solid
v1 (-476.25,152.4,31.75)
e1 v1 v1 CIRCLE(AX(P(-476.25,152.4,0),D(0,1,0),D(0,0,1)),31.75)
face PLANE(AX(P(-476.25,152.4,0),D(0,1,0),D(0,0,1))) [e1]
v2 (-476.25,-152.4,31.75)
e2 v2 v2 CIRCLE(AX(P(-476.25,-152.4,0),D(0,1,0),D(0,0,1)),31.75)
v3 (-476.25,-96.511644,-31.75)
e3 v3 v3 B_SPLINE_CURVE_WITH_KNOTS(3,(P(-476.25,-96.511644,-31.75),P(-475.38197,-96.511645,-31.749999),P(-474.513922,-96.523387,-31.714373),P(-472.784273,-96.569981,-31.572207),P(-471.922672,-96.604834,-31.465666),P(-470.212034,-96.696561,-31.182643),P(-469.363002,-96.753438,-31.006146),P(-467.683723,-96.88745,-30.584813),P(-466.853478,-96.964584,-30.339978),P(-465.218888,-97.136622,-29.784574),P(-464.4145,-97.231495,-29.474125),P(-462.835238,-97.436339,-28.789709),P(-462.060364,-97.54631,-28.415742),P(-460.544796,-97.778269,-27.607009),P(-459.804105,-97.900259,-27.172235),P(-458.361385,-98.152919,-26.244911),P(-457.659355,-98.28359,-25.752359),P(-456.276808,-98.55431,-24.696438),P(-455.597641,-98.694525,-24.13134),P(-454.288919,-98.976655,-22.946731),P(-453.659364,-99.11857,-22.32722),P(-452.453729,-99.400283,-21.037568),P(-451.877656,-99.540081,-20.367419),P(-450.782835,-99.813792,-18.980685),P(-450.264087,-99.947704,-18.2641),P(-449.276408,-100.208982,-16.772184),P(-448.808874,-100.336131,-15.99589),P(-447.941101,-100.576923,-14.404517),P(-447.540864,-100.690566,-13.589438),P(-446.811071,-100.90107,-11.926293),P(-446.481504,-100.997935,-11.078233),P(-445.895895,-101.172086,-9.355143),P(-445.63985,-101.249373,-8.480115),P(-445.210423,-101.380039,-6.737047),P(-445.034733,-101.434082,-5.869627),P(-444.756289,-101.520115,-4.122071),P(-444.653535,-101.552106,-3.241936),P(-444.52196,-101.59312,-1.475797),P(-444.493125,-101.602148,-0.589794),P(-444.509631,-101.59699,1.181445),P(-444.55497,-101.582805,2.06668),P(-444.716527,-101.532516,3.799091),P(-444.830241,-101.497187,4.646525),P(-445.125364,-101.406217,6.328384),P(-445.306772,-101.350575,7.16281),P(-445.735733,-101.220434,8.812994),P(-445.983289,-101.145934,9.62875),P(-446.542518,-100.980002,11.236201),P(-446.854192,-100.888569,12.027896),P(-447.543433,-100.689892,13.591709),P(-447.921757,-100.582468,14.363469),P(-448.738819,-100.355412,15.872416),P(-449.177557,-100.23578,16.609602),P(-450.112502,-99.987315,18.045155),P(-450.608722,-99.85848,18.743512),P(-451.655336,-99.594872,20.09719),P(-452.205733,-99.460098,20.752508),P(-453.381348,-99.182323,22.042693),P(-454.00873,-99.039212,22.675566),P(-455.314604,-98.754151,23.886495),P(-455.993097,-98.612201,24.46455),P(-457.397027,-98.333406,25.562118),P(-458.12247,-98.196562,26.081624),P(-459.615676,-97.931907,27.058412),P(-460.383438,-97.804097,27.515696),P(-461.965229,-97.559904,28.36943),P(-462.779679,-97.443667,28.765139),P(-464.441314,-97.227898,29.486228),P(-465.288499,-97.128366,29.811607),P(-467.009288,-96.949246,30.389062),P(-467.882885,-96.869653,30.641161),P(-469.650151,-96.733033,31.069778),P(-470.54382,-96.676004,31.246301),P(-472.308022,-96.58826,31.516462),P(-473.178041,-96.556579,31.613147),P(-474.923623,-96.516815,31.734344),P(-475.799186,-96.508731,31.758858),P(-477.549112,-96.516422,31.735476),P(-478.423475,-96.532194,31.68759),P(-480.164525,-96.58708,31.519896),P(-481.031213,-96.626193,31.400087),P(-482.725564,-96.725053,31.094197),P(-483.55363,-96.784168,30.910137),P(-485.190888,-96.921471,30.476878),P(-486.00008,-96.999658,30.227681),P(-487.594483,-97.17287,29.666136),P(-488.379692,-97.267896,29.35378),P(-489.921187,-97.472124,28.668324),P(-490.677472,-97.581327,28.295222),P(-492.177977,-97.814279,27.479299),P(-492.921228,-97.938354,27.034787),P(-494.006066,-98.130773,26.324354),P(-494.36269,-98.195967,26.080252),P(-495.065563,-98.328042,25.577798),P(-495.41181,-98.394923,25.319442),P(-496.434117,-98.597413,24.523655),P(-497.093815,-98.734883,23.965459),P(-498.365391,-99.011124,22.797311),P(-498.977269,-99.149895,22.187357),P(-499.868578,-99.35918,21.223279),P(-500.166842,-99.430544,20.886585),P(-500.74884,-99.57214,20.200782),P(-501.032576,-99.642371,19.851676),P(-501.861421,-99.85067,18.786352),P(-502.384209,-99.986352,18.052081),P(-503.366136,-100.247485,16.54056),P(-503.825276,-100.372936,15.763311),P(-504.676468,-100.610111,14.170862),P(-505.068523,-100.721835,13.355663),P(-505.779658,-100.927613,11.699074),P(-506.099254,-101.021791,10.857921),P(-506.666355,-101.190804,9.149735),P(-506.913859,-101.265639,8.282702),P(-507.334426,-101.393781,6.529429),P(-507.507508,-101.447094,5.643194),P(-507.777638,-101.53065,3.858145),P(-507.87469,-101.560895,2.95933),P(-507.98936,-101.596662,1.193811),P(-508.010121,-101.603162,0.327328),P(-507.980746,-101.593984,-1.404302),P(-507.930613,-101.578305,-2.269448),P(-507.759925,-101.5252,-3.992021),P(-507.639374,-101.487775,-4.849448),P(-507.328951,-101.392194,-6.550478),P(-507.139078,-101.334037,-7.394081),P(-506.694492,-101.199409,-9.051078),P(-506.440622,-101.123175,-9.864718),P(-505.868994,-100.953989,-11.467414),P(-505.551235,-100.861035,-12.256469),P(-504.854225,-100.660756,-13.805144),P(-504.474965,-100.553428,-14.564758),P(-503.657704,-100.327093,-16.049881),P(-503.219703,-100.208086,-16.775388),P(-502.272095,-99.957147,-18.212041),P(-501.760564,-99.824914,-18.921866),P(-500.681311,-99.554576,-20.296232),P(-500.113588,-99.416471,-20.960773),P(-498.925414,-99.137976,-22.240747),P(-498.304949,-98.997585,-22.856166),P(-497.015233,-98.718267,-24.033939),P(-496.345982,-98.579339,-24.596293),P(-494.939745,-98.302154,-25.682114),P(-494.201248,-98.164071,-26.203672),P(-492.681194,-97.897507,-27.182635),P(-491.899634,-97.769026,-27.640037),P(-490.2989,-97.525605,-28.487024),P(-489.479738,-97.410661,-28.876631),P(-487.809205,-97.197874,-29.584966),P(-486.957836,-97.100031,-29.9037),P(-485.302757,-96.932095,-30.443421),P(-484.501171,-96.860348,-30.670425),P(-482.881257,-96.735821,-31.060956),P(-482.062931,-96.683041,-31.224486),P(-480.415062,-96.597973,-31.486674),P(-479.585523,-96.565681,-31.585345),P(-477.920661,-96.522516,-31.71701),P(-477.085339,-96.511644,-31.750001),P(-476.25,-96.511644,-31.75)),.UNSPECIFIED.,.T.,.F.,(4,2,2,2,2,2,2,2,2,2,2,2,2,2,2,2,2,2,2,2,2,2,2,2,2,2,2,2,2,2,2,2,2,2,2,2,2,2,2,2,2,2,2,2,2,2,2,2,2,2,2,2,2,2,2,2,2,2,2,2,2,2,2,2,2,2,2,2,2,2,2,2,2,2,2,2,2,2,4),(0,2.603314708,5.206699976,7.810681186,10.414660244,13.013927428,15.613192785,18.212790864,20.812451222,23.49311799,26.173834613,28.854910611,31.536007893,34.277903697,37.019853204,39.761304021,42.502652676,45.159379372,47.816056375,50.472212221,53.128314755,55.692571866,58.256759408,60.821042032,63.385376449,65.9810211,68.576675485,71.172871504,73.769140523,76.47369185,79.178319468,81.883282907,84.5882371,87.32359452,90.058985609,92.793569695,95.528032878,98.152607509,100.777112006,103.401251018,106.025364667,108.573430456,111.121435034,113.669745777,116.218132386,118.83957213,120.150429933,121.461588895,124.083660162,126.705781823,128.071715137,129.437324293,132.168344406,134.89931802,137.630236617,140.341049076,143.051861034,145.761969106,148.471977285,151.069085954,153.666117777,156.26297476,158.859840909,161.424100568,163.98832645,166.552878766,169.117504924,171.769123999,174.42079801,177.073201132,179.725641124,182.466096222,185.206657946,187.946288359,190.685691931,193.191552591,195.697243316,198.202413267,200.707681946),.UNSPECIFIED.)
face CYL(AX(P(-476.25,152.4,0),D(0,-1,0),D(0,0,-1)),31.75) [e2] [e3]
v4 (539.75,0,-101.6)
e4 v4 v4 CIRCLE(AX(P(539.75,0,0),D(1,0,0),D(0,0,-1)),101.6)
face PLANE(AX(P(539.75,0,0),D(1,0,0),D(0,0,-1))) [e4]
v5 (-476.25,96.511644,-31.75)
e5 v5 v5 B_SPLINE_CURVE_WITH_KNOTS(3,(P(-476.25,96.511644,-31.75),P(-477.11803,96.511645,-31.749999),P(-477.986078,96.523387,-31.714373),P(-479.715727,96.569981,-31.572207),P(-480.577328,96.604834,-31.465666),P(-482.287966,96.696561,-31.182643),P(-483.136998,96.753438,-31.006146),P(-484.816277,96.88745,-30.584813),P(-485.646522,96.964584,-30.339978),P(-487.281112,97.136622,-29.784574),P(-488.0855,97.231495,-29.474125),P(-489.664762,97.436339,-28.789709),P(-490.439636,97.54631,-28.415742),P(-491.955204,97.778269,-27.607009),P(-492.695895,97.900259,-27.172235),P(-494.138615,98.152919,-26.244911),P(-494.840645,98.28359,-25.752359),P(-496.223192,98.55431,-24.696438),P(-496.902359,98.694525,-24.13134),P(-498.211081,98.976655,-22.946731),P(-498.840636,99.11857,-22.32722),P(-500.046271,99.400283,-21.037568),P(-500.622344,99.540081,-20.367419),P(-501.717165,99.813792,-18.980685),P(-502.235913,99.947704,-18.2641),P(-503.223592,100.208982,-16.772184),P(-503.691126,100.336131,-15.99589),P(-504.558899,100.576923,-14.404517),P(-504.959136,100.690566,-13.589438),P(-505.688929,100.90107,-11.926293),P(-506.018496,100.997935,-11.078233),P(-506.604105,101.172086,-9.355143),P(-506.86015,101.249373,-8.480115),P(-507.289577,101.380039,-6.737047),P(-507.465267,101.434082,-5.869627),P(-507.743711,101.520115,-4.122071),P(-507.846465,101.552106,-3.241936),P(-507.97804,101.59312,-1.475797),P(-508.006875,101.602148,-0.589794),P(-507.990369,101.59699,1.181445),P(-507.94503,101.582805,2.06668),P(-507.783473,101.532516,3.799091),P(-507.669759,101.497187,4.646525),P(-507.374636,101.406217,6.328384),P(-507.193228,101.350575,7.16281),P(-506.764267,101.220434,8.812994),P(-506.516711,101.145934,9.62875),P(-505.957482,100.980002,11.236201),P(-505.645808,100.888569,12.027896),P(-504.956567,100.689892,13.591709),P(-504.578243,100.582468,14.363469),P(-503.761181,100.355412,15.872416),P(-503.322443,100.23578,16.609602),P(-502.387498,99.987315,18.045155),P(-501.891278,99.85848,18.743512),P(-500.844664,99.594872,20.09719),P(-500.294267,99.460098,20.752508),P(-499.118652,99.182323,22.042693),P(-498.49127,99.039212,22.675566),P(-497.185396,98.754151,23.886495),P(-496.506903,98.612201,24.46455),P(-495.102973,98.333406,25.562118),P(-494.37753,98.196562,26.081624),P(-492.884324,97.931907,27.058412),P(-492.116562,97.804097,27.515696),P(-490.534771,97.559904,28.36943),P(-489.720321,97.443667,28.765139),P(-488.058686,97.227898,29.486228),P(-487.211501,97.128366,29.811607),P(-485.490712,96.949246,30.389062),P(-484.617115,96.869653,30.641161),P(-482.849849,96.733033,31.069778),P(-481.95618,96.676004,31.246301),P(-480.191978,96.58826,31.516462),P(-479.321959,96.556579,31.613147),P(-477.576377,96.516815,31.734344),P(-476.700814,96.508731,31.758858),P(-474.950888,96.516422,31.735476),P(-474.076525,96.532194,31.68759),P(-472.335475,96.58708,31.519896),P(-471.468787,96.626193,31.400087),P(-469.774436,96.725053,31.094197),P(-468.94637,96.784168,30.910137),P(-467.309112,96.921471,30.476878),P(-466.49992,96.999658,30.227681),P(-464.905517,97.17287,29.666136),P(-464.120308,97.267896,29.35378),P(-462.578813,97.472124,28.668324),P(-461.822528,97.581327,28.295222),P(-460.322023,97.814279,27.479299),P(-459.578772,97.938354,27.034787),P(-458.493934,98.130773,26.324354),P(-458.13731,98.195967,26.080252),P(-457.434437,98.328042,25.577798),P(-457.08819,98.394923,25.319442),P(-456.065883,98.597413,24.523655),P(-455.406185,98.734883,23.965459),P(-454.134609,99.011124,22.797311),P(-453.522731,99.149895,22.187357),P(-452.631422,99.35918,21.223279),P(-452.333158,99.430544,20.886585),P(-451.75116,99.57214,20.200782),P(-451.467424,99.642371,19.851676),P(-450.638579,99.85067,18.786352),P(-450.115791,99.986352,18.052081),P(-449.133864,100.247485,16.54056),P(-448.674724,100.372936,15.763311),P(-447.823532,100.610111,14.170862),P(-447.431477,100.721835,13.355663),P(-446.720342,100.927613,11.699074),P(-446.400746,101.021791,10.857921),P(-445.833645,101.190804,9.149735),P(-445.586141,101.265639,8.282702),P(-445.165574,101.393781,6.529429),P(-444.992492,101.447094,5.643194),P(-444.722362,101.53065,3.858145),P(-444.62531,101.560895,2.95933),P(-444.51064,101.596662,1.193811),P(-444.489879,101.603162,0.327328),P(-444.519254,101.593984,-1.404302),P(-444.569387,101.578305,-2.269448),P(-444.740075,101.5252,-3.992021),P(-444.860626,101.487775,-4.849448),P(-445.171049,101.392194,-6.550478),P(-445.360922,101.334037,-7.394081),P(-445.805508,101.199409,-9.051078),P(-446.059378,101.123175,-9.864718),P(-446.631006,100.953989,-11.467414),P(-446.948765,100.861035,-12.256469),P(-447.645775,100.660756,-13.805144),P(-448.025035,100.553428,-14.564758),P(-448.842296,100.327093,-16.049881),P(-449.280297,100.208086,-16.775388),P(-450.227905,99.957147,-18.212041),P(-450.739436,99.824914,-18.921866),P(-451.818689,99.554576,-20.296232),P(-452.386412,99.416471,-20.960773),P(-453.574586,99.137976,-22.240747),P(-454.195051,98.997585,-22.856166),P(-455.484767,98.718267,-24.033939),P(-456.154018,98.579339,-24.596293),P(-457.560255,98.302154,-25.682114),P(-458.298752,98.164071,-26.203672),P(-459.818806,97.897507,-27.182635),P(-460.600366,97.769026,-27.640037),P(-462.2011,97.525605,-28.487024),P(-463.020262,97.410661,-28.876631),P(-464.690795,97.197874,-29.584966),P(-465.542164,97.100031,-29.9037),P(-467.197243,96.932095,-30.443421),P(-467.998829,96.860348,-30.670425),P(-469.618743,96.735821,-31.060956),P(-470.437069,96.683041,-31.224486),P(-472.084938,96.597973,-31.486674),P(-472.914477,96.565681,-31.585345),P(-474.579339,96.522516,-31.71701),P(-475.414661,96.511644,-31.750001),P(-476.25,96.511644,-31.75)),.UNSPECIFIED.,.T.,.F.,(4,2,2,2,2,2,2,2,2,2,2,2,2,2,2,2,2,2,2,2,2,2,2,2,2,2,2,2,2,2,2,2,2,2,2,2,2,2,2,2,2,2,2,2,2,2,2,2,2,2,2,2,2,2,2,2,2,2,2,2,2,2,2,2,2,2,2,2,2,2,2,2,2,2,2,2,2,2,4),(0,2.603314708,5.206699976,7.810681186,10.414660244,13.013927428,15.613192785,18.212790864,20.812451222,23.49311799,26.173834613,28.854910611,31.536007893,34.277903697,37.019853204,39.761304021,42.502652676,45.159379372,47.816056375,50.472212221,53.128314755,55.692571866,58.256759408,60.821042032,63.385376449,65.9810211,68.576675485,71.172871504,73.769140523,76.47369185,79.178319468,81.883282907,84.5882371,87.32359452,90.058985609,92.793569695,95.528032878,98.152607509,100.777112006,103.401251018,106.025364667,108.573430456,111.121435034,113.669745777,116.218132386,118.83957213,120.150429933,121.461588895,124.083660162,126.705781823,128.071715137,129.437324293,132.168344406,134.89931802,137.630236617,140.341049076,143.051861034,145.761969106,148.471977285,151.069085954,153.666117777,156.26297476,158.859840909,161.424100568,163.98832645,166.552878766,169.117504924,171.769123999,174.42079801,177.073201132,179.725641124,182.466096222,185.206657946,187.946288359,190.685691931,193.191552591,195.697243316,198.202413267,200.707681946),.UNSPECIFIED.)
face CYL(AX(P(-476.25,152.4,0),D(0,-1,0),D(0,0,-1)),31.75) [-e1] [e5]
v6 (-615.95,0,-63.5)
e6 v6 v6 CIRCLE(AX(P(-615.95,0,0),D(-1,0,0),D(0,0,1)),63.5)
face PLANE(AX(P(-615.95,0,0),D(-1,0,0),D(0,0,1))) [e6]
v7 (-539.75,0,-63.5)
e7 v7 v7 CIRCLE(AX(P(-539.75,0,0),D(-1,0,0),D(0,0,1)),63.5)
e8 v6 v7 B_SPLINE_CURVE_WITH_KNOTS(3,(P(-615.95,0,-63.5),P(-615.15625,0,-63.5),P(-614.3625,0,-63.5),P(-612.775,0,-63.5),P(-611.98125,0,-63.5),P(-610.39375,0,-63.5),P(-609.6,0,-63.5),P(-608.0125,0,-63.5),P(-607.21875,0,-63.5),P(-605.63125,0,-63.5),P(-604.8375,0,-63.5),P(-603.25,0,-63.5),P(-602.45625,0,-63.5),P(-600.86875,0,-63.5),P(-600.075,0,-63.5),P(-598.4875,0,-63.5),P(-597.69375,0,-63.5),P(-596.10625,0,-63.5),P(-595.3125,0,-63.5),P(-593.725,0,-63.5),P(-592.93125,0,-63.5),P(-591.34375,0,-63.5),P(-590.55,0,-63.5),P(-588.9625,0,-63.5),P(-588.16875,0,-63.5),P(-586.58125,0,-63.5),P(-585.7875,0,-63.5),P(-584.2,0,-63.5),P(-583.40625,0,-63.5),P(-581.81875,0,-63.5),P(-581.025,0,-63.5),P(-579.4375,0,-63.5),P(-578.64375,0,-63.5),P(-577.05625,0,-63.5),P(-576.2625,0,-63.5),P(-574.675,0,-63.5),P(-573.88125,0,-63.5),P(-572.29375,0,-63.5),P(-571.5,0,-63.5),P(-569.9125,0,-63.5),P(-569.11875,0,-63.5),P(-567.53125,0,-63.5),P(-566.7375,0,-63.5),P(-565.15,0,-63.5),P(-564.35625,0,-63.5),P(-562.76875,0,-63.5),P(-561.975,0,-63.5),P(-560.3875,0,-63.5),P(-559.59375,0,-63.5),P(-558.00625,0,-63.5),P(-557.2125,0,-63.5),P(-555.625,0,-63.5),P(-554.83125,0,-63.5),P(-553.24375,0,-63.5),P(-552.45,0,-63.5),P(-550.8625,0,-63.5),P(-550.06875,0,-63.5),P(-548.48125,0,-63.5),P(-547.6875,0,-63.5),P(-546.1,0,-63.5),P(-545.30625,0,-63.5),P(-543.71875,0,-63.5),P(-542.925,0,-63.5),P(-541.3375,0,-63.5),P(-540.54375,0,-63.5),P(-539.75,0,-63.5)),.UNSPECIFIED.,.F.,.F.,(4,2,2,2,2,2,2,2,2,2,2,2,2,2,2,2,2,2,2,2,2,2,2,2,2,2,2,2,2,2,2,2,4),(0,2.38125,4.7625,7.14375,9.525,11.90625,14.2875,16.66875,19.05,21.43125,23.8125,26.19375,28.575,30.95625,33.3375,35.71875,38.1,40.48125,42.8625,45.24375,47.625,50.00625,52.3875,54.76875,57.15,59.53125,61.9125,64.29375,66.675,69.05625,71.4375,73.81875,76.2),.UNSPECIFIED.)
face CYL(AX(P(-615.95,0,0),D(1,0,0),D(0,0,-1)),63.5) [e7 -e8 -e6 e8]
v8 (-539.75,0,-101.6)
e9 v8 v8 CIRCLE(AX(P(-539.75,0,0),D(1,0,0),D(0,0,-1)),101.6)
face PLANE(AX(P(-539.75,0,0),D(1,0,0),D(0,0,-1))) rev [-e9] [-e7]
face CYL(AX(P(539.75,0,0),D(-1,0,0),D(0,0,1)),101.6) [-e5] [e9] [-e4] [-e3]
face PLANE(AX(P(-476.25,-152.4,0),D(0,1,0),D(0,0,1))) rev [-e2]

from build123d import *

# Parameters (mm, degrees)
SKETCH1_R           = 101.6
BOSS_EXTRUDE1_DEPTH = 539.75
SKETCH2_R           = 31.75
BOSS_EXTRUDE2_DEPTH = 152.4
SKETCH3_R           = 63.5
BOSS_EXTRUDE3_DEPTH = 76.2


with BuildPart() as part:
    # Sketch1 → Boss-Extrude1 (new, symmetric)
    with BuildSketch(Plane(origin=(0, 0, 0), x_dir=(0, 0, -1), z_dir=(1, 0, 0))):
        Circle(SKETCH1_R)
    extrude(amount=BOSS_EXTRUDE1_DEPTH, both=True)

    # Sketch2 → Boss-Extrude2 (add, symmetric)
    with BuildSketch(Plane(origin=(0, 0, 0), x_dir=(1, 0, 0), z_dir=(0, 1, 0))):
        with Locations(Location((-476.25, 0, 0), (0, 0, 90))):
            Circle(SKETCH2_R)
    extrude(amount=BOSS_EXTRUDE2_DEPTH, both=True)

    # Sketch3 → Boss-Extrude3 (add)
    with BuildSketch(Plane.ZY.offset(539.75)):
        with Locations(Location((0, 0, 0), (0, 0, 180))):
            Circle(SKETCH3_R)
    extrude(amount=BOSS_EXTRUDE3_DEPTH)


solid = part.part
